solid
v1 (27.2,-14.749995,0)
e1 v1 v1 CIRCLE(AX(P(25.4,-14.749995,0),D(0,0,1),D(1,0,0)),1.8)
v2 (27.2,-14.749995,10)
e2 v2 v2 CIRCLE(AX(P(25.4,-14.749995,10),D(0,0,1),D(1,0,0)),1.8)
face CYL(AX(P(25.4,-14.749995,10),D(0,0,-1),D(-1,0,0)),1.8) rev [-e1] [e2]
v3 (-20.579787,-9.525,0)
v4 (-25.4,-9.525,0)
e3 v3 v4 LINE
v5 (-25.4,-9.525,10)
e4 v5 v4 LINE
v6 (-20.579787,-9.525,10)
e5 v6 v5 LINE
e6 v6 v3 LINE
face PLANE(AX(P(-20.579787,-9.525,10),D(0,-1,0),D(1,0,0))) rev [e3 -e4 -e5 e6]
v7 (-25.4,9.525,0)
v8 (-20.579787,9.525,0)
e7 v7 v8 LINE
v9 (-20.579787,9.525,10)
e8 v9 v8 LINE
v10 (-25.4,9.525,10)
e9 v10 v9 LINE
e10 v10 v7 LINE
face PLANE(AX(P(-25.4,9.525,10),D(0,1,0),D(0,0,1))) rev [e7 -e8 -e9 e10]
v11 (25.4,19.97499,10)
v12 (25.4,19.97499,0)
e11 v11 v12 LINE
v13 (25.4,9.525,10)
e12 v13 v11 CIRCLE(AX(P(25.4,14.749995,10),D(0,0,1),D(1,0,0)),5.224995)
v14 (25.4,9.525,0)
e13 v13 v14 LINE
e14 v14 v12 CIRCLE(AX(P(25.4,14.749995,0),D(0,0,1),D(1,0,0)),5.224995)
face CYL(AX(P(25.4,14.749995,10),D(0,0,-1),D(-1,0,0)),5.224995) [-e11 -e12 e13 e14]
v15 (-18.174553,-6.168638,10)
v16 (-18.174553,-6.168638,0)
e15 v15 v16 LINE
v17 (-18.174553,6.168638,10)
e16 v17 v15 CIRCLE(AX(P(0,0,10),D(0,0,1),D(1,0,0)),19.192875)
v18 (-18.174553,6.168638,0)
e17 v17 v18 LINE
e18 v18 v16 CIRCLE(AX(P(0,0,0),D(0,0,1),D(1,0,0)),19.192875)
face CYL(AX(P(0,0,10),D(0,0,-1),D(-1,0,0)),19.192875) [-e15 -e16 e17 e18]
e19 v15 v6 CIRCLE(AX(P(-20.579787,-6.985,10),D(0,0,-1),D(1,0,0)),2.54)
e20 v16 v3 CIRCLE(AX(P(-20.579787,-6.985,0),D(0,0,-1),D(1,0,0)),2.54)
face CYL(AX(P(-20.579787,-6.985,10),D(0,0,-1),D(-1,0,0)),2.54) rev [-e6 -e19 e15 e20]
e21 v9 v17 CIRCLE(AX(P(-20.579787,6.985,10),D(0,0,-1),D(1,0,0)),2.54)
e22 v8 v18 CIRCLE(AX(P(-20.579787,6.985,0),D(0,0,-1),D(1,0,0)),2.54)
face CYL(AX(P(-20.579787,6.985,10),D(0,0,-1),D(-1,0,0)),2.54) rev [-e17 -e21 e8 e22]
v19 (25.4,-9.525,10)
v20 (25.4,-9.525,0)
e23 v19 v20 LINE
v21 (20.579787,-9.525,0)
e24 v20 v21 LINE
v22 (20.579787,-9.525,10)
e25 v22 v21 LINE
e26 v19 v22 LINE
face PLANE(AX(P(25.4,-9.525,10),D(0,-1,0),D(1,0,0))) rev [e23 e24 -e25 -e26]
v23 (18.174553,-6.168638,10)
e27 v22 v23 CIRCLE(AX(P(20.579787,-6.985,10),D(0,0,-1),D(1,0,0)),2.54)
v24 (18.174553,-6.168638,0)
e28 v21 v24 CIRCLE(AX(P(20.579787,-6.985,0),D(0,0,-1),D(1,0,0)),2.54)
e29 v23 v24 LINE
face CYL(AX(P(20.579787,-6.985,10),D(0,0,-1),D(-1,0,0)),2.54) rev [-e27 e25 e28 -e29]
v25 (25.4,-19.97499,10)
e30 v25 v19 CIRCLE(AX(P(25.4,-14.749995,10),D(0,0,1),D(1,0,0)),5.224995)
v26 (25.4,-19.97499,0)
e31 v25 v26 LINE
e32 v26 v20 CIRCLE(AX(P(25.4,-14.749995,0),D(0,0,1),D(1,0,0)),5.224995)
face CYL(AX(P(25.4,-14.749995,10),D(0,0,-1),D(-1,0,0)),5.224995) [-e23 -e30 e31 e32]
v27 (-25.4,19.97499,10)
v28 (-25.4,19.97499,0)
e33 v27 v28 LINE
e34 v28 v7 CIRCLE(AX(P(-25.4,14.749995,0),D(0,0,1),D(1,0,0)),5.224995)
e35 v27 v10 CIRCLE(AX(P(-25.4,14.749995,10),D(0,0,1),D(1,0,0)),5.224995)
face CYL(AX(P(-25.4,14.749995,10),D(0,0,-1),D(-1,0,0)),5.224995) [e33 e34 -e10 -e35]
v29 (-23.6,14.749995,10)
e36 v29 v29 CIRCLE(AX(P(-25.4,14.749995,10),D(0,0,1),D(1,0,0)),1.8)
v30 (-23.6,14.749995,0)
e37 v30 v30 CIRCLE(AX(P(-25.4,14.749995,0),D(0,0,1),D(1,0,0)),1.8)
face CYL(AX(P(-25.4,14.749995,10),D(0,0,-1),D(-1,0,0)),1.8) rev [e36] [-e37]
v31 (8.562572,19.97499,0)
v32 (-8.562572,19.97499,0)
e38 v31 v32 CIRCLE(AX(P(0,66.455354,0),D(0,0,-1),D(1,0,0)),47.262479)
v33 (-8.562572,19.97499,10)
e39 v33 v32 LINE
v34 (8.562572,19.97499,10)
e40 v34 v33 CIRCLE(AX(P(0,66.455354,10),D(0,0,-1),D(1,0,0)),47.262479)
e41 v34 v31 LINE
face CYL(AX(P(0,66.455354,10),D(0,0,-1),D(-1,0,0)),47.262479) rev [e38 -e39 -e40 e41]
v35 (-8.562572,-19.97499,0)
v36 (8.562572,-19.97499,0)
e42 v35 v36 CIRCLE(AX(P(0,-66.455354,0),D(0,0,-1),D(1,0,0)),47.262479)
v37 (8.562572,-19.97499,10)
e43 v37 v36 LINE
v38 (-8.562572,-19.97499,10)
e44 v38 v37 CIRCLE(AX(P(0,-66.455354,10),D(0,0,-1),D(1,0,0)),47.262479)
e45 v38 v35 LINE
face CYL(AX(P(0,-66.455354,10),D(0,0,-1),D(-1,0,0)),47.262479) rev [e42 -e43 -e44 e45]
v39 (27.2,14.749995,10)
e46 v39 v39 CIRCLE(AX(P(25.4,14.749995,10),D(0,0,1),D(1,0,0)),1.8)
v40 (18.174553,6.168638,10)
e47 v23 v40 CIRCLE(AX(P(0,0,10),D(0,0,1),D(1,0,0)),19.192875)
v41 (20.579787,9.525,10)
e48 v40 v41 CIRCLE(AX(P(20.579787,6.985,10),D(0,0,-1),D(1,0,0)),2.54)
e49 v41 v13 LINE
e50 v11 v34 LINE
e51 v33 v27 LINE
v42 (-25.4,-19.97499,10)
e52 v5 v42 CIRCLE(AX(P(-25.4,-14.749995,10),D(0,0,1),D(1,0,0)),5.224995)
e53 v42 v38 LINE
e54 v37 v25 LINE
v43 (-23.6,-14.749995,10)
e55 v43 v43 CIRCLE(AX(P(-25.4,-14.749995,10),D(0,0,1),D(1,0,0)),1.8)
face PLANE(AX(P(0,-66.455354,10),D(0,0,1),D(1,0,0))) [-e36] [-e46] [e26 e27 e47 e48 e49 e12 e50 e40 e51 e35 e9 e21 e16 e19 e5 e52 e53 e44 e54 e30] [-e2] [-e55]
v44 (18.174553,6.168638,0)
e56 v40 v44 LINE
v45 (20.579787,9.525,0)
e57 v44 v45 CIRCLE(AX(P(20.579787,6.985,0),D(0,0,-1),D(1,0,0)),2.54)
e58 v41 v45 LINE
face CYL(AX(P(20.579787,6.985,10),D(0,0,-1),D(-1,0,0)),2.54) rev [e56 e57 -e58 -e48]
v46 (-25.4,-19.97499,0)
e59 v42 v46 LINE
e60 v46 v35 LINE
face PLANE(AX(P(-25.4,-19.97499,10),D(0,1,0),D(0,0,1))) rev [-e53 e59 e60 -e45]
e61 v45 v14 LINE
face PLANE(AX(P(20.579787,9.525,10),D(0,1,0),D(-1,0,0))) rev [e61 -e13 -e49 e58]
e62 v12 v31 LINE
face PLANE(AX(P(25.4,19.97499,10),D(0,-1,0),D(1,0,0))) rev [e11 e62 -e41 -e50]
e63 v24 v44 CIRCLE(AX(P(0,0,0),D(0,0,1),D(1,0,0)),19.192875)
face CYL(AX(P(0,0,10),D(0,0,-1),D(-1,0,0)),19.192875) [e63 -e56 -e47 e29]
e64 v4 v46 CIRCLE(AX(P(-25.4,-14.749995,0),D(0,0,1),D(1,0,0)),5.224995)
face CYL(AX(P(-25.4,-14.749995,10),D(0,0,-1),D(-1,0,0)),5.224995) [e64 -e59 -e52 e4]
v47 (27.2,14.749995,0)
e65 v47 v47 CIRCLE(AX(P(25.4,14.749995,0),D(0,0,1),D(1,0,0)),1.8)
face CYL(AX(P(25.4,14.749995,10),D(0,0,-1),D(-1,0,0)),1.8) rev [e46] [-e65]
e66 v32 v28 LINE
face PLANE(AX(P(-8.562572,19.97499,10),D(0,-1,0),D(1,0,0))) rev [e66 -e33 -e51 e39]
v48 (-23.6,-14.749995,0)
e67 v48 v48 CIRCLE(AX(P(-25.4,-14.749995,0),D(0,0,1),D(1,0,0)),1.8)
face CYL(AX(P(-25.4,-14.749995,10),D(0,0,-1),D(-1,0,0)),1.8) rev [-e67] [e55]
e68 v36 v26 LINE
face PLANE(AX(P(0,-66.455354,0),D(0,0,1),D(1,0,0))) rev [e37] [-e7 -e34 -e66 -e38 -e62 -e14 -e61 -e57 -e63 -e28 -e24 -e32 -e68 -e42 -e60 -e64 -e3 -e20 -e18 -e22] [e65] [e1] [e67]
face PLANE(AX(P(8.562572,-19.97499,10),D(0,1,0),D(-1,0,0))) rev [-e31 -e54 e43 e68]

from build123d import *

# Parameters (mm, degrees)
SKETCH1_R           = 1.8
BOSS_EXTRUDE1_DEPTH = 10


with BuildPart() as part:
    # Sketch1 → Boss-Extrude1 (new body)
    with BuildSketch(Plane.XY):
        with BuildLine():
            Line((8.562572408, -19.9749896), (25.4, -19.9749896))
            ThreePointArc((25.4, -19.9749896), (30.6249948, -14.7499948), (25.4, -9.525))
            Line((25.4, -9.525), (20.579786947, -9.525))
            ThreePointArc((20.579786947, -9.525), (18.515185258, -8.464533666), (18.174552534, -6.168637692))
            ThreePointArc((18.174552534, -6.168637692), (19.192875, 0), (18.174552534, 6.168637692))
            ThreePointArc((18.174552534, 6.168637692), (18.515185258, 8.464533666), (20.579786947, 9.525))
            Line((20.579786947, 9.525), (25.4, 9.525))
            ThreePointArc((25.4, 9.525), (30.6249948, 14.7499948), (25.4, 19.9749896))
            Line((25.4, 19.9749896), (8.562572408, 19.9749896))
            ThreePointArc((8.562572408, 19.9749896), (0, 19.192875), (-8.562572408, 19.9749896))
            Line((-8.562572408, 19.9749896), (-25.4, 19.9749896))
            ThreePointArc((-25.4, 19.9749896), (-30.6249948, 14.7499948), (-25.4, 9.525))
            Line((-25.4, 9.525), (-20.579786947, 9.525))
            ThreePointArc((-20.579786947, 9.525), (-18.515185258, 8.464533666), (-18.174552534, 6.168637692))
            ThreePointArc((-18.174552534, 6.168637692), (-19.192875, 0), (-18.174552534, -6.168637692))
            ThreePointArc((-18.174552534, -6.168637692), (-18.515185258, -8.464533666), (-20.579786947, -9.525))
            Line((-20.579786947, -9.525), (-25.4, -9.525))
            ThreePointArc((-25.4, -9.525), (-30.6249948, -14.7499948), (-25.4, -19.9749896))
            Line((-25.4, -19.9749896), (-8.562572408, -19.9749896))
            ThreePointArc((-8.562572408, -19.9749896), (0, -19.192875), (8.562572408, -19.9749896))
        make_face()
        with Locations((-25.4, 14.7499948)):
            Circle(SKETCH1_R, mode=Mode.SUBTRACT)
        with Locations((-25.4, -14.7499948)):
            Circle(SKETCH1_R, mode=Mode.SUBTRACT)
        with Locations((25.4, -14.7499948)):
            Circle(SKETCH1_R, mode=Mode.SUBTRACT)
        with Locations((25.4, 14.7499948)):
            Circle(SKETCH1_R, mode=Mode.SUBTRACT)
    extrude(amount=BOSS_EXTRUDE1_DEPTH)


solid = part.part
